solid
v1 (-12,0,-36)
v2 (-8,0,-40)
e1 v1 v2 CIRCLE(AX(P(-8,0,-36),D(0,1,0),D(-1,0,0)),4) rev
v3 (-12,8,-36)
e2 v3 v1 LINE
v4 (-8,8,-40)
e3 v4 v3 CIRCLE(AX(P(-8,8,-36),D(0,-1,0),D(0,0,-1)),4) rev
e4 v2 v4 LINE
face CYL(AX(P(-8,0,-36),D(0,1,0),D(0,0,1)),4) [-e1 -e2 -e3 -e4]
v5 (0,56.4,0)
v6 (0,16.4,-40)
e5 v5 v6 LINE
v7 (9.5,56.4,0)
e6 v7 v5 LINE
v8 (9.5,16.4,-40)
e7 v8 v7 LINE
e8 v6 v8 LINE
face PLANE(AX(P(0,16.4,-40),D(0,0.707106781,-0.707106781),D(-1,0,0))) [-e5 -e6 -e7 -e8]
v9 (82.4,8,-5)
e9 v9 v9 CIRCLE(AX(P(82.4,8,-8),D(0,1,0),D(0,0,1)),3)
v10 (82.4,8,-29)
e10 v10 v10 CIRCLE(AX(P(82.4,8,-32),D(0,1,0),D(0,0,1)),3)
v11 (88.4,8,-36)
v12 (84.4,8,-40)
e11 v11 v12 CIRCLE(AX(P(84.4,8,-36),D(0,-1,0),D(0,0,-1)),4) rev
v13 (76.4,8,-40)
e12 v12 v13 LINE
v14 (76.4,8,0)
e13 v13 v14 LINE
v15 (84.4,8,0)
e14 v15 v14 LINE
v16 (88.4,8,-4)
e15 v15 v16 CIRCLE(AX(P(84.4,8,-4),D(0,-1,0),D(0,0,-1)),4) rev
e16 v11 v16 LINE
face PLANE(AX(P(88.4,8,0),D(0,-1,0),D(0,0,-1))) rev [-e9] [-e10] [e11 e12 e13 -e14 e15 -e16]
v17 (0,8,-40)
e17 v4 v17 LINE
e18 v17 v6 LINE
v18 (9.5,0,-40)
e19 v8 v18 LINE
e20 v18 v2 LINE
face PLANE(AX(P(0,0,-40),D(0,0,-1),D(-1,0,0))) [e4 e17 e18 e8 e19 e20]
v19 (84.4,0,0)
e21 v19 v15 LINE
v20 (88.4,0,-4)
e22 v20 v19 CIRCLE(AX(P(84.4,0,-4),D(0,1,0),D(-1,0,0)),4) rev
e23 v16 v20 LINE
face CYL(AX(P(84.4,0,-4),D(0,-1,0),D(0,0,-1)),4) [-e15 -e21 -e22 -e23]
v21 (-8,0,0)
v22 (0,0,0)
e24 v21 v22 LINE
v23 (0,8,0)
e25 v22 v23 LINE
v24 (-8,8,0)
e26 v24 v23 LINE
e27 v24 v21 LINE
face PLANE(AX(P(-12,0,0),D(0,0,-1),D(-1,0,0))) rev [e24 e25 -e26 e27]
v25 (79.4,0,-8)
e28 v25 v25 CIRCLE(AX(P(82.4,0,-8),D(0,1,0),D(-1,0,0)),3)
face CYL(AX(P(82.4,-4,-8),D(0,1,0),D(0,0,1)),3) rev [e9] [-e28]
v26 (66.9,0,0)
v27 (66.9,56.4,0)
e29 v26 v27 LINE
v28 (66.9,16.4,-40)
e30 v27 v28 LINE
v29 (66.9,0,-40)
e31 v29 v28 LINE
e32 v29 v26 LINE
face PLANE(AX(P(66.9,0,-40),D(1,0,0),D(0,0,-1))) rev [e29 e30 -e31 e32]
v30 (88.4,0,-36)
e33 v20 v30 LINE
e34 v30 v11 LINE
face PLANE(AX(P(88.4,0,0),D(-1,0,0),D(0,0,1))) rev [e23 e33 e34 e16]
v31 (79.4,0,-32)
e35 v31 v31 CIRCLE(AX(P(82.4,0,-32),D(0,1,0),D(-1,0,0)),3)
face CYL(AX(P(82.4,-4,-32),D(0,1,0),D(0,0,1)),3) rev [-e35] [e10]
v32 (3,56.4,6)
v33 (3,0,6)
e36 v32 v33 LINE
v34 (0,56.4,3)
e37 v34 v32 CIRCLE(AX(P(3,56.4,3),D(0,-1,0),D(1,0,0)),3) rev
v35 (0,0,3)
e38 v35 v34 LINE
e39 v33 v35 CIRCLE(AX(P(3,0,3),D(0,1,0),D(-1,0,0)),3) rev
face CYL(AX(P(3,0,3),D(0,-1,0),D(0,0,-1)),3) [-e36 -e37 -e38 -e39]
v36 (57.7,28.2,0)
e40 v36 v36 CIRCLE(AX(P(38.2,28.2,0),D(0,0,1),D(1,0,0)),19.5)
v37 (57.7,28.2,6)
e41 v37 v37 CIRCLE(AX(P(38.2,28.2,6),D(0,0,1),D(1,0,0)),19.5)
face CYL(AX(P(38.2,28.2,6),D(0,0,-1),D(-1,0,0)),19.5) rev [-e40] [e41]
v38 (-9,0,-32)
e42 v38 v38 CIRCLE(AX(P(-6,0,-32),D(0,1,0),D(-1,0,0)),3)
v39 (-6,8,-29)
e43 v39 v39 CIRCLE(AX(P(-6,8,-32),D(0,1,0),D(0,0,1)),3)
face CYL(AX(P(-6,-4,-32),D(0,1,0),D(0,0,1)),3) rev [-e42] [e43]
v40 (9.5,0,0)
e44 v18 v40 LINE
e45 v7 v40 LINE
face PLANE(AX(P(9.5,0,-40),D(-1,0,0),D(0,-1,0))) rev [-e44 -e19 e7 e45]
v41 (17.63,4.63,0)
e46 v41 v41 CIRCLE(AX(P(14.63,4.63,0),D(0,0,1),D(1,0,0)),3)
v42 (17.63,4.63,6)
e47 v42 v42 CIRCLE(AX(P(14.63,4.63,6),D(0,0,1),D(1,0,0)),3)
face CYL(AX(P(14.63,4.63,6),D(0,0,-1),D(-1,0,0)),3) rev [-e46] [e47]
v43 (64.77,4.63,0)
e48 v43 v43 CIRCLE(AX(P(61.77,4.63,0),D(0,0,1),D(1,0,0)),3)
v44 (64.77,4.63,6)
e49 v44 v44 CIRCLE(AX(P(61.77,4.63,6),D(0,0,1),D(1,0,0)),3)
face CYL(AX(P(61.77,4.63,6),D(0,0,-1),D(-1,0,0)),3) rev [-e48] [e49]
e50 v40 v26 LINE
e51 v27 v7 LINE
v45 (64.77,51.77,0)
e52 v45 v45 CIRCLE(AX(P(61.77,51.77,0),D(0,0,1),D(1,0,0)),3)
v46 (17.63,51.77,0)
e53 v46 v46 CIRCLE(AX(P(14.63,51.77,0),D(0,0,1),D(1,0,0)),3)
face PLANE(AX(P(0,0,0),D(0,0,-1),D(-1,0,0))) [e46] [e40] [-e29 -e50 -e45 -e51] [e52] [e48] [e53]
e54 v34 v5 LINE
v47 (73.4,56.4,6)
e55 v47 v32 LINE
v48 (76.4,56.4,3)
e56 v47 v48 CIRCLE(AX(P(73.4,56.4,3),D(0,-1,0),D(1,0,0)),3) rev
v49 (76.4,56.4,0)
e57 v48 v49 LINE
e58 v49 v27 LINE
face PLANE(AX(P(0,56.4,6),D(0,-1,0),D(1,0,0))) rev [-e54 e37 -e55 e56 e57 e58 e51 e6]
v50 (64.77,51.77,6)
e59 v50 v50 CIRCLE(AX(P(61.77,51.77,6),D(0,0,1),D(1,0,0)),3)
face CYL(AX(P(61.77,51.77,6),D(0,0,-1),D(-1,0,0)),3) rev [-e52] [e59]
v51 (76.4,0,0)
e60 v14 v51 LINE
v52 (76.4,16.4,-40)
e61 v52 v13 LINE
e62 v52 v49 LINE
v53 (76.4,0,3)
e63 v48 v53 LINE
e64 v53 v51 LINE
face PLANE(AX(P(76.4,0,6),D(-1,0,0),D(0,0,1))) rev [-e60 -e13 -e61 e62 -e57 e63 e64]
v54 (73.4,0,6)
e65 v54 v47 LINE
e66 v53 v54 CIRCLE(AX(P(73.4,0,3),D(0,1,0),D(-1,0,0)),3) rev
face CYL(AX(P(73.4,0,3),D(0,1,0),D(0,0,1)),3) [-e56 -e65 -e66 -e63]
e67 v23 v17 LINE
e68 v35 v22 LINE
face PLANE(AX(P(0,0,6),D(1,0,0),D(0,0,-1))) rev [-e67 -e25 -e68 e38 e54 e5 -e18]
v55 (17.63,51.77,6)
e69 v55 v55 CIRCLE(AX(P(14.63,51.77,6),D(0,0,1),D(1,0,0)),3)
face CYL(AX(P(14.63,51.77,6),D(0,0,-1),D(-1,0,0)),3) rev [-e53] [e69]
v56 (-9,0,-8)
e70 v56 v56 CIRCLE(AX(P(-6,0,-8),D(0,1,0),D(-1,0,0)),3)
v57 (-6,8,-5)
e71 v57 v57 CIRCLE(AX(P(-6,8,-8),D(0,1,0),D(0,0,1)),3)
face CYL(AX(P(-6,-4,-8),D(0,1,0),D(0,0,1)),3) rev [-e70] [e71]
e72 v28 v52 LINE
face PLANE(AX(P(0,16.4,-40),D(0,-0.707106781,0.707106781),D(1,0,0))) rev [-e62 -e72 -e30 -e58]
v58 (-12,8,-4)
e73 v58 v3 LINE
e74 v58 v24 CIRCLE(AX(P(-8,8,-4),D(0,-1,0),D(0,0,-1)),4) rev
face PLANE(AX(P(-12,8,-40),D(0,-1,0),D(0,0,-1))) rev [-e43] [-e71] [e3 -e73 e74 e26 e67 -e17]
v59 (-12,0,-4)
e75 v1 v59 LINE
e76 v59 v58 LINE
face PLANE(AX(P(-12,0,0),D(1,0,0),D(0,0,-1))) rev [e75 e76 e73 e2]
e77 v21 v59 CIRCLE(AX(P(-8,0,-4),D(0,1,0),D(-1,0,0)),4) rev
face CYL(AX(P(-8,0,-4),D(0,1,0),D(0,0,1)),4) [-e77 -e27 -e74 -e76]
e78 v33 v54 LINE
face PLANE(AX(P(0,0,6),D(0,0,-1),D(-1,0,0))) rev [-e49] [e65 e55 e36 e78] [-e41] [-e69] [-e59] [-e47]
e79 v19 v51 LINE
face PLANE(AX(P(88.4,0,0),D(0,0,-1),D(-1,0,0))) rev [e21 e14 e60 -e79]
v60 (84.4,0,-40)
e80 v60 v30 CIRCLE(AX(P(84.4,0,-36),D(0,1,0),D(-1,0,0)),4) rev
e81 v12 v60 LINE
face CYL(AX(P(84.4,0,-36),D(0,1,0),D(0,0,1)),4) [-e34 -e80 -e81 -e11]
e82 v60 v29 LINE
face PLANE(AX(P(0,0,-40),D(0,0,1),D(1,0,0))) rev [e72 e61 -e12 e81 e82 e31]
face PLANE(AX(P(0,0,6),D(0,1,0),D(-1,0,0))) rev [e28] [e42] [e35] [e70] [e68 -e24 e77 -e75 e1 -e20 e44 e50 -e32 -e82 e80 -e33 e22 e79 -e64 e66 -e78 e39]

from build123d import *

# Parameters (mm, degrees)
SKETCH1_W           = 76.4
SKETCH1_H           = 56.4
SKETCH1_R           = 19.5
SKETCH1_R_2         = 3
BOSS_EXTRUDE1_DEPTH = 6
SKETCH2_W           = 9.5
SKETCH2_H           = 56.4
BOSS_EXTRUDE2_DEPTH = 40
FILLET1_R           = 3
SKETCH3_W           = 40
SKETCH3_H           = 8
BOSS_EXTRUDE3_DEPTH = 12
SKETCH4_W           = 40
SKETCH4_H           = 8
BOSS_EXTRUDE4_DEPTH = 12
FILLET2_R           = 4
SKETCH5_R           = 3
CUT_EXTRUDE1_DEPTH  = 12
CHAMFER1_SIZE       = 40


with BuildPart() as part:
    # Sketch1 → Boss-Extrude1 (new body)
    with BuildSketch(Plane.XY):
        with Locations((38.2, 28.2)):
            Rectangle(SKETCH1_W, SKETCH1_H)
        with Locations((38.2, 28.2)):
            Circle(SKETCH1_R, mode=Mode.SUBTRACT)
        with Locations((14.63, 51.77)):
            Circle(SKETCH1_R_2, mode=Mode.SUBTRACT)
        with Locations((61.77, 51.77)):
            Circle(SKETCH1_R_2, mode=Mode.SUBTRACT)
        with Locations((61.77, 4.63)):
            Circle(SKETCH1_R_2, mode=Mode.SUBTRACT)
        with Locations((14.63, 4.63)):
            Circle(SKETCH1_R_2, mode=Mode.SUBTRACT)
    extrude(amount=BOSS_EXTRUDE1_DEPTH)

    # Sketch2 → Boss-Extrude2 (add)
    with BuildSketch(Plane(origin=(0, 0, 0), x_dir=(-1, 0, 0), z_dir=(0, 0, -1))):
        with Locations((-71.65, 28.2)):
            Rectangle(SKETCH2_W, SKETCH2_H)
        with Locations((-4.75, 28.2)):
            Rectangle(SKETCH2_W, SKETCH2_H)
    extrude(amount=BOSS_EXTRUDE2_DEPTH)

    # Fillet1
    fillet1_edges = [part.edges().sort_by_distance(p)[0] for p in [
        (76.4, 28.2, 6),
        (0, 28.2, 6),
    ]]
    fillet(fillet1_edges, radius=FILLET1_R)

    # Sketch3 → Boss-Extrude3 (add)
    with BuildSketch(Plane.ZY):
        with Locations((-20, 4)):
            Rectangle(SKETCH3_W, SKETCH3_H)
    extrude(amount=BOSS_EXTRUDE3_DEPTH)

    # Sketch4 → Boss-Extrude4 (add)
    with BuildSketch(Plane(origin=(76.4, 0, 0), x_dir=(0, 0, -1), z_dir=(1, 0, 0))):
        with Locations((20, 4)):
            Rectangle(SKETCH4_W, SKETCH4_H)
    extrude(amount=BOSS_EXTRUDE4_DEPTH)

    # Fillet2
    fillet2_edges = [part.edges().sort_by_distance(p)[0] for p in [
        (-12, 4, -40),
        (-12, 4, 0),
        (88.4, 4, 0),
        (88.4, 4, -40),
    ]]
    fillet(fillet2_edges, radius=FILLET2_R)

    # Sketch5 → Cut-Extrude1 (cut)
    with BuildSketch(Plane(origin=(0, 8, 0), x_dir=(1, 0, 0), z_dir=(0, 1, 0))):
        with Locations(Location((-6, 32, 0), (0, 0, 270))):
            Circle(SKETCH5_R)
        with Locations(Location((-6, 8, 0), (0, 0, 270))):
            Circle(SKETCH5_R)
        with Locations(Location((82.4, 32, 0), (0, 0, 270))):
            Circle(SKETCH5_R)
        with Locations(Location((82.4, 8, 0), (0, 0, 270))):
            Circle(SKETCH5_R)
    extrude(amount=-CUT_EXTRUDE1_DEPTH, mode=Mode.SUBTRACT)

    # Chamfer1
    chamfer1_edges = [part.edges().sort_by_distance(p)[0] for p in [
        (4.75, 56.4, -40),
        (71.65, 56.4, -40),
    ]]
    chamfer(chamfer1_edges, length=CHAMFER1_SIZE)


solid = part.part
